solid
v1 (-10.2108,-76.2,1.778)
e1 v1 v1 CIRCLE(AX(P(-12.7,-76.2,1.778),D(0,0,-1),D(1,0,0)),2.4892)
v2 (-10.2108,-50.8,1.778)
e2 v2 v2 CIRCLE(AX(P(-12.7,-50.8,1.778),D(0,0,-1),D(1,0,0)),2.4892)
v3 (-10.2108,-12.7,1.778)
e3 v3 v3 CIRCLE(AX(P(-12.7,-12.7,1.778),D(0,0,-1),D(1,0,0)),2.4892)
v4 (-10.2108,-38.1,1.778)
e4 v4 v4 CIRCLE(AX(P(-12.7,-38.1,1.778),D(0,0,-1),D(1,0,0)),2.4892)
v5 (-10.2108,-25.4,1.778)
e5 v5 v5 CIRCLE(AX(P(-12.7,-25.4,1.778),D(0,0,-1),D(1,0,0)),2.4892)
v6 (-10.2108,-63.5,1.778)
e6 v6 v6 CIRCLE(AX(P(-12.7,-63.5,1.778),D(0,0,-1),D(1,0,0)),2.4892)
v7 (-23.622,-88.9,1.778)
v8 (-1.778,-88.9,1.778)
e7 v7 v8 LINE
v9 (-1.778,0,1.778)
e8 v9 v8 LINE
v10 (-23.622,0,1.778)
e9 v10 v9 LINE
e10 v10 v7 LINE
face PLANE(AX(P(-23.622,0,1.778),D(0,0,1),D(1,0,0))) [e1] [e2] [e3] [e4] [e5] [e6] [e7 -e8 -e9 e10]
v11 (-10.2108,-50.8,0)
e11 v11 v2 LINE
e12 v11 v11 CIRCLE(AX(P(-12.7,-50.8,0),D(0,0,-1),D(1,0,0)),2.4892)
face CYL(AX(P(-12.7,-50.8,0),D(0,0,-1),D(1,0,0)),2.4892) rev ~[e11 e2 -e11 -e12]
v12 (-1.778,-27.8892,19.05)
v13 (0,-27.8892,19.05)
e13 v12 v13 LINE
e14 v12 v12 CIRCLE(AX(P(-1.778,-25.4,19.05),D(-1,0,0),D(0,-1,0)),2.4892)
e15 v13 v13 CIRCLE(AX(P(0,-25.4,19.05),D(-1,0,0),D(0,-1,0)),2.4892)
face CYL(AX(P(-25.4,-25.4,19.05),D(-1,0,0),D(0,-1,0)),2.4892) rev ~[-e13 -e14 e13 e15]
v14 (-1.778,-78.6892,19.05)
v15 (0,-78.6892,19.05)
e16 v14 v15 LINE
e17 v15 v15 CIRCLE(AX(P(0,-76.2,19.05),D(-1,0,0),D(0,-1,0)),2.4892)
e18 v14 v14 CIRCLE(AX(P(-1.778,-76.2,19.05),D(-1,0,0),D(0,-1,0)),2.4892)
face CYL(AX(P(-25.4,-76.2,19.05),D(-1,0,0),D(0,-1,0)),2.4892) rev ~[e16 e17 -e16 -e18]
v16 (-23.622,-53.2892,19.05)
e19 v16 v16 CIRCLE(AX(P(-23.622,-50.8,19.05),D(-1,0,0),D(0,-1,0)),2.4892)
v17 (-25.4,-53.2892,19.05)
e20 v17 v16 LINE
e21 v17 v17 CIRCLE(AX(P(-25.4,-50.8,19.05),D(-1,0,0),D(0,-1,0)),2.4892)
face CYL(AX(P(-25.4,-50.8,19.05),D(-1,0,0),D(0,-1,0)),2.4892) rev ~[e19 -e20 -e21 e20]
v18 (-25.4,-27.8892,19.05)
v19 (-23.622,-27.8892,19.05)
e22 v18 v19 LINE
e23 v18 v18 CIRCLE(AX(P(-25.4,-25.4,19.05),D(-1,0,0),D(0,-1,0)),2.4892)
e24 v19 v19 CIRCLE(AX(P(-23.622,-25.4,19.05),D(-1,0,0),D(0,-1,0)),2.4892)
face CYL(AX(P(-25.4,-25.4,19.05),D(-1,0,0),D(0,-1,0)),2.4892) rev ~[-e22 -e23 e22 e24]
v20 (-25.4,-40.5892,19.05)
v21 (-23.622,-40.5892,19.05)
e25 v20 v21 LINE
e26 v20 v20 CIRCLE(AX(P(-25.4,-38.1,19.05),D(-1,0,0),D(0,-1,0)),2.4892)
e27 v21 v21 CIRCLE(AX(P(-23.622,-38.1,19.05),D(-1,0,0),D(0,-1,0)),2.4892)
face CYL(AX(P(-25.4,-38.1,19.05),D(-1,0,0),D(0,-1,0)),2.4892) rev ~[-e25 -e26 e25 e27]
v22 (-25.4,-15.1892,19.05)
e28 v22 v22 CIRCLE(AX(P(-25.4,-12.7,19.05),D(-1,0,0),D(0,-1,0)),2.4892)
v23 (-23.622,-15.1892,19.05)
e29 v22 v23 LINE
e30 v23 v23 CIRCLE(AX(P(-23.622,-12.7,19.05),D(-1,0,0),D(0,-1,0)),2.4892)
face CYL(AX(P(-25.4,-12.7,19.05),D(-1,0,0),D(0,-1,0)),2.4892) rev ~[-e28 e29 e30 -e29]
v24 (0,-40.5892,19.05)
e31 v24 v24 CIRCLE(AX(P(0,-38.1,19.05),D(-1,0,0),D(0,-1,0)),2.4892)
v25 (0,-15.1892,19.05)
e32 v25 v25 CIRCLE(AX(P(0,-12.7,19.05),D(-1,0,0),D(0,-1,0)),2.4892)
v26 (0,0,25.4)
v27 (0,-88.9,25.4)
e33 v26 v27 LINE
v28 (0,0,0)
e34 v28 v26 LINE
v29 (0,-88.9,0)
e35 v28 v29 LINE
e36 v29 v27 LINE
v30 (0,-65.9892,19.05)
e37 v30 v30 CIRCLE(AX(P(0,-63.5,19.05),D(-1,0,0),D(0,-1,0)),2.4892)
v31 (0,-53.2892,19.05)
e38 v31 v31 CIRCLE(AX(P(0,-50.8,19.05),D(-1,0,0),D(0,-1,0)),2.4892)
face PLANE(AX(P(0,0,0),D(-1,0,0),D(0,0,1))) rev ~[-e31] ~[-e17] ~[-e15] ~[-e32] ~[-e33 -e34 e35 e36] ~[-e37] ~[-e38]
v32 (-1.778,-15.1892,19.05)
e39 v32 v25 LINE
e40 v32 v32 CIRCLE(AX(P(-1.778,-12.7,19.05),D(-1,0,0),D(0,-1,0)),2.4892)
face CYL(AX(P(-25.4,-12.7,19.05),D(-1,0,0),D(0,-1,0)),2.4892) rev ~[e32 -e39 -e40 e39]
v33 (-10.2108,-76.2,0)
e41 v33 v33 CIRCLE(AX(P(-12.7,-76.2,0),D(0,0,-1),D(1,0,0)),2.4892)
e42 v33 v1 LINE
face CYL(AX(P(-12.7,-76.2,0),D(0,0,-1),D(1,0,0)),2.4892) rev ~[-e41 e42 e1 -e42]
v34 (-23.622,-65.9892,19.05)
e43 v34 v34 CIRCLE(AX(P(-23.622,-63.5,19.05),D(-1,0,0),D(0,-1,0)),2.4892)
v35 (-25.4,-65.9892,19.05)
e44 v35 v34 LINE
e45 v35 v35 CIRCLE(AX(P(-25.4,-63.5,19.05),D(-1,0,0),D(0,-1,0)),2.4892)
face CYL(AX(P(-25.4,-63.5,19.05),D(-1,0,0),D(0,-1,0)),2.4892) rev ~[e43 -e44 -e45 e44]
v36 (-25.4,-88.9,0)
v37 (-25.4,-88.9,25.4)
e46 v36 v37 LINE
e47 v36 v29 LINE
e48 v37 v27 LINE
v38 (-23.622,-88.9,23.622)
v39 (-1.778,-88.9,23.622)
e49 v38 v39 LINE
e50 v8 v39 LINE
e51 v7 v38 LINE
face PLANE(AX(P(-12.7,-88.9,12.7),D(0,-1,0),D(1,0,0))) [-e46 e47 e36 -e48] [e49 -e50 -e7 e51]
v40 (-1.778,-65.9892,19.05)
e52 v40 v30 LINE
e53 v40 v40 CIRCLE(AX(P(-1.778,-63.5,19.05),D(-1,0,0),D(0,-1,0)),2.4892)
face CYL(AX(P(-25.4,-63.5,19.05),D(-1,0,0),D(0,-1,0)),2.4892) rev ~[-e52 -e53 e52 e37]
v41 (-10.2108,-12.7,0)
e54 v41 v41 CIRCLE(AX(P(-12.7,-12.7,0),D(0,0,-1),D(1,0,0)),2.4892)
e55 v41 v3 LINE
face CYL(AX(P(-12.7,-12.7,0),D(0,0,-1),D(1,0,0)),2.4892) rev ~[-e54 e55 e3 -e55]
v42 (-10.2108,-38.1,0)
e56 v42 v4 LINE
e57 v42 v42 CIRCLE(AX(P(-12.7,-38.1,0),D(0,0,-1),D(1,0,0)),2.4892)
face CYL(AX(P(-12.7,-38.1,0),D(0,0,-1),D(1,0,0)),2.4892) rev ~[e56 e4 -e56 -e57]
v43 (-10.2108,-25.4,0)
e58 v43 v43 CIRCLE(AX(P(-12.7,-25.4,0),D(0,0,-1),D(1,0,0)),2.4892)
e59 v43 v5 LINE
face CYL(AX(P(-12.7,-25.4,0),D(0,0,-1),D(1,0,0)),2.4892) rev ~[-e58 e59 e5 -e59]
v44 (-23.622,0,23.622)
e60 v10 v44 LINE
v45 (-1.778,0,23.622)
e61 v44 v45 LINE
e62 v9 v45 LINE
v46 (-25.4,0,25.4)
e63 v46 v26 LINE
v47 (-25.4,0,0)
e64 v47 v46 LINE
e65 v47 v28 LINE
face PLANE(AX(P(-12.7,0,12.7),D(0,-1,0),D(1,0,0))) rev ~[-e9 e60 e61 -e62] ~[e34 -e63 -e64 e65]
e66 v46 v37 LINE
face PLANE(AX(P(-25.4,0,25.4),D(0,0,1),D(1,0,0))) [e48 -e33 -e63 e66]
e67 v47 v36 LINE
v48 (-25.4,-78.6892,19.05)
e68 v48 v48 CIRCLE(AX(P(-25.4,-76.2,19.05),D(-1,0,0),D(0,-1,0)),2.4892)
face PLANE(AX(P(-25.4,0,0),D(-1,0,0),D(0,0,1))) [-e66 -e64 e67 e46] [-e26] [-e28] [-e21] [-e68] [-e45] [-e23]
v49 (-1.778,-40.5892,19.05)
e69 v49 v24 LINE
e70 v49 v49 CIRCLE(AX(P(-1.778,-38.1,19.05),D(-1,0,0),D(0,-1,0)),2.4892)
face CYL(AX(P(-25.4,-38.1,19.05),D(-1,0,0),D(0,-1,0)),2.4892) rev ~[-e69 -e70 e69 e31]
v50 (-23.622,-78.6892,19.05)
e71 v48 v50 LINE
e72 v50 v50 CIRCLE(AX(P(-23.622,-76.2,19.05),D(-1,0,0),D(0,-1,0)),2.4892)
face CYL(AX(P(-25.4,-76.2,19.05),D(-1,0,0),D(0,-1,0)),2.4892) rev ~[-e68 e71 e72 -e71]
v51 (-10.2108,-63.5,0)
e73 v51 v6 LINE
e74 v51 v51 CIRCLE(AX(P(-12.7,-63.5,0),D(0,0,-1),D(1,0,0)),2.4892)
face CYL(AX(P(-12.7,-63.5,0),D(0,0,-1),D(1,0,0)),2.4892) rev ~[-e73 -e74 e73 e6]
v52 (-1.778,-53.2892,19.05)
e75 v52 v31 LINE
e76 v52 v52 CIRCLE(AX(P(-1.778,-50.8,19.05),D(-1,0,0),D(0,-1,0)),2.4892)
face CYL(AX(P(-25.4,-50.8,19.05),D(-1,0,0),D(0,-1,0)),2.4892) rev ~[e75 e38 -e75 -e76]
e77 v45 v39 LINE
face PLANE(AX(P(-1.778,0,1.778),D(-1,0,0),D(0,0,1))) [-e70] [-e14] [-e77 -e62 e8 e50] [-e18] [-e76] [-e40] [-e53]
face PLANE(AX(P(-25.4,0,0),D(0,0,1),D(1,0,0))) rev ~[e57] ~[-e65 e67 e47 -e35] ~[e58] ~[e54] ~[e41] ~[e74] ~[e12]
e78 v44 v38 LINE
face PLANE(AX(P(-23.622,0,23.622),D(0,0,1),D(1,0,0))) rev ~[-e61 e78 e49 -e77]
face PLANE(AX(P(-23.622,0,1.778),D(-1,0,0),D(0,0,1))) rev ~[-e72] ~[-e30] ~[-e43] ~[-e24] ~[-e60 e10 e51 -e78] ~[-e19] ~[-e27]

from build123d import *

# Parameters (mm, degrees)
F0_W     = 25.4
F0_H     = 25.4
F0_W_2   = 21.844
F0_H_2   = 21.844
F1_DEPTH = 88.9
F2_R     = 2.4892
F3_DEPTH = 25.4
F4_R     = 2.4892
F5_DEPTH = 1.778


with BuildPart() as f1:
    # F0 (on Front) → F1 (new body)
    with BuildSketch(Plane.XZ):
        with Locations((-12.7, 12.7)):
            Rectangle(F0_W, F0_H)
        with Locations((-12.7, 12.7)):
            Rectangle(F0_W_2, F0_H_2, mode=Mode.SUBTRACT)
    extrude(amount=F1_DEPTH)

    # F2 (on face) → F3 (cut)
    with BuildSketch(Plane(origin=(-25.4, 0, 0), x_dir=(0, -1, 0), z_dir=(-1, 0, 0))):
        with Locations((12.7, 19.05)):
            Circle(F2_R)
        with Locations((25.4, 19.05)):
            Circle(F2_R)
        with Locations((38.1, 19.05)):
            Circle(F2_R)
        with Locations((50.8, 19.05)):
            Circle(F2_R)
        with Locations((63.5, 19.05)):
            Circle(F2_R)
        with Locations((76.2, 19.05)):
            Circle(F2_R)
    extrude(amount=-F3_DEPTH, mode=Mode.SUBTRACT)

    # F4 (on face) → F5 (cut, through all)
    with BuildSketch(Plane(origin=(0, 0, 0), x_dir=(1, 0, 0), z_dir=(0, 0, -1))):
        with Locations((-12.7, 76.2)):
            Circle(F4_R)
        with Locations((-12.7, 63.5)):
            Circle(F4_R)
        with Locations((-12.7, 50.8)):
            Circle(F4_R)
        with Locations((-12.7, 38.1)):
            Circle(F4_R)
        with Locations((-12.7, 25.4)):
            Circle(F4_R)
        with Locations((-12.7, 12.7)):
            Circle(F4_R)
    extrude(amount=-F5_DEPTH, mode=Mode.SUBTRACT)


solid = f1.part
